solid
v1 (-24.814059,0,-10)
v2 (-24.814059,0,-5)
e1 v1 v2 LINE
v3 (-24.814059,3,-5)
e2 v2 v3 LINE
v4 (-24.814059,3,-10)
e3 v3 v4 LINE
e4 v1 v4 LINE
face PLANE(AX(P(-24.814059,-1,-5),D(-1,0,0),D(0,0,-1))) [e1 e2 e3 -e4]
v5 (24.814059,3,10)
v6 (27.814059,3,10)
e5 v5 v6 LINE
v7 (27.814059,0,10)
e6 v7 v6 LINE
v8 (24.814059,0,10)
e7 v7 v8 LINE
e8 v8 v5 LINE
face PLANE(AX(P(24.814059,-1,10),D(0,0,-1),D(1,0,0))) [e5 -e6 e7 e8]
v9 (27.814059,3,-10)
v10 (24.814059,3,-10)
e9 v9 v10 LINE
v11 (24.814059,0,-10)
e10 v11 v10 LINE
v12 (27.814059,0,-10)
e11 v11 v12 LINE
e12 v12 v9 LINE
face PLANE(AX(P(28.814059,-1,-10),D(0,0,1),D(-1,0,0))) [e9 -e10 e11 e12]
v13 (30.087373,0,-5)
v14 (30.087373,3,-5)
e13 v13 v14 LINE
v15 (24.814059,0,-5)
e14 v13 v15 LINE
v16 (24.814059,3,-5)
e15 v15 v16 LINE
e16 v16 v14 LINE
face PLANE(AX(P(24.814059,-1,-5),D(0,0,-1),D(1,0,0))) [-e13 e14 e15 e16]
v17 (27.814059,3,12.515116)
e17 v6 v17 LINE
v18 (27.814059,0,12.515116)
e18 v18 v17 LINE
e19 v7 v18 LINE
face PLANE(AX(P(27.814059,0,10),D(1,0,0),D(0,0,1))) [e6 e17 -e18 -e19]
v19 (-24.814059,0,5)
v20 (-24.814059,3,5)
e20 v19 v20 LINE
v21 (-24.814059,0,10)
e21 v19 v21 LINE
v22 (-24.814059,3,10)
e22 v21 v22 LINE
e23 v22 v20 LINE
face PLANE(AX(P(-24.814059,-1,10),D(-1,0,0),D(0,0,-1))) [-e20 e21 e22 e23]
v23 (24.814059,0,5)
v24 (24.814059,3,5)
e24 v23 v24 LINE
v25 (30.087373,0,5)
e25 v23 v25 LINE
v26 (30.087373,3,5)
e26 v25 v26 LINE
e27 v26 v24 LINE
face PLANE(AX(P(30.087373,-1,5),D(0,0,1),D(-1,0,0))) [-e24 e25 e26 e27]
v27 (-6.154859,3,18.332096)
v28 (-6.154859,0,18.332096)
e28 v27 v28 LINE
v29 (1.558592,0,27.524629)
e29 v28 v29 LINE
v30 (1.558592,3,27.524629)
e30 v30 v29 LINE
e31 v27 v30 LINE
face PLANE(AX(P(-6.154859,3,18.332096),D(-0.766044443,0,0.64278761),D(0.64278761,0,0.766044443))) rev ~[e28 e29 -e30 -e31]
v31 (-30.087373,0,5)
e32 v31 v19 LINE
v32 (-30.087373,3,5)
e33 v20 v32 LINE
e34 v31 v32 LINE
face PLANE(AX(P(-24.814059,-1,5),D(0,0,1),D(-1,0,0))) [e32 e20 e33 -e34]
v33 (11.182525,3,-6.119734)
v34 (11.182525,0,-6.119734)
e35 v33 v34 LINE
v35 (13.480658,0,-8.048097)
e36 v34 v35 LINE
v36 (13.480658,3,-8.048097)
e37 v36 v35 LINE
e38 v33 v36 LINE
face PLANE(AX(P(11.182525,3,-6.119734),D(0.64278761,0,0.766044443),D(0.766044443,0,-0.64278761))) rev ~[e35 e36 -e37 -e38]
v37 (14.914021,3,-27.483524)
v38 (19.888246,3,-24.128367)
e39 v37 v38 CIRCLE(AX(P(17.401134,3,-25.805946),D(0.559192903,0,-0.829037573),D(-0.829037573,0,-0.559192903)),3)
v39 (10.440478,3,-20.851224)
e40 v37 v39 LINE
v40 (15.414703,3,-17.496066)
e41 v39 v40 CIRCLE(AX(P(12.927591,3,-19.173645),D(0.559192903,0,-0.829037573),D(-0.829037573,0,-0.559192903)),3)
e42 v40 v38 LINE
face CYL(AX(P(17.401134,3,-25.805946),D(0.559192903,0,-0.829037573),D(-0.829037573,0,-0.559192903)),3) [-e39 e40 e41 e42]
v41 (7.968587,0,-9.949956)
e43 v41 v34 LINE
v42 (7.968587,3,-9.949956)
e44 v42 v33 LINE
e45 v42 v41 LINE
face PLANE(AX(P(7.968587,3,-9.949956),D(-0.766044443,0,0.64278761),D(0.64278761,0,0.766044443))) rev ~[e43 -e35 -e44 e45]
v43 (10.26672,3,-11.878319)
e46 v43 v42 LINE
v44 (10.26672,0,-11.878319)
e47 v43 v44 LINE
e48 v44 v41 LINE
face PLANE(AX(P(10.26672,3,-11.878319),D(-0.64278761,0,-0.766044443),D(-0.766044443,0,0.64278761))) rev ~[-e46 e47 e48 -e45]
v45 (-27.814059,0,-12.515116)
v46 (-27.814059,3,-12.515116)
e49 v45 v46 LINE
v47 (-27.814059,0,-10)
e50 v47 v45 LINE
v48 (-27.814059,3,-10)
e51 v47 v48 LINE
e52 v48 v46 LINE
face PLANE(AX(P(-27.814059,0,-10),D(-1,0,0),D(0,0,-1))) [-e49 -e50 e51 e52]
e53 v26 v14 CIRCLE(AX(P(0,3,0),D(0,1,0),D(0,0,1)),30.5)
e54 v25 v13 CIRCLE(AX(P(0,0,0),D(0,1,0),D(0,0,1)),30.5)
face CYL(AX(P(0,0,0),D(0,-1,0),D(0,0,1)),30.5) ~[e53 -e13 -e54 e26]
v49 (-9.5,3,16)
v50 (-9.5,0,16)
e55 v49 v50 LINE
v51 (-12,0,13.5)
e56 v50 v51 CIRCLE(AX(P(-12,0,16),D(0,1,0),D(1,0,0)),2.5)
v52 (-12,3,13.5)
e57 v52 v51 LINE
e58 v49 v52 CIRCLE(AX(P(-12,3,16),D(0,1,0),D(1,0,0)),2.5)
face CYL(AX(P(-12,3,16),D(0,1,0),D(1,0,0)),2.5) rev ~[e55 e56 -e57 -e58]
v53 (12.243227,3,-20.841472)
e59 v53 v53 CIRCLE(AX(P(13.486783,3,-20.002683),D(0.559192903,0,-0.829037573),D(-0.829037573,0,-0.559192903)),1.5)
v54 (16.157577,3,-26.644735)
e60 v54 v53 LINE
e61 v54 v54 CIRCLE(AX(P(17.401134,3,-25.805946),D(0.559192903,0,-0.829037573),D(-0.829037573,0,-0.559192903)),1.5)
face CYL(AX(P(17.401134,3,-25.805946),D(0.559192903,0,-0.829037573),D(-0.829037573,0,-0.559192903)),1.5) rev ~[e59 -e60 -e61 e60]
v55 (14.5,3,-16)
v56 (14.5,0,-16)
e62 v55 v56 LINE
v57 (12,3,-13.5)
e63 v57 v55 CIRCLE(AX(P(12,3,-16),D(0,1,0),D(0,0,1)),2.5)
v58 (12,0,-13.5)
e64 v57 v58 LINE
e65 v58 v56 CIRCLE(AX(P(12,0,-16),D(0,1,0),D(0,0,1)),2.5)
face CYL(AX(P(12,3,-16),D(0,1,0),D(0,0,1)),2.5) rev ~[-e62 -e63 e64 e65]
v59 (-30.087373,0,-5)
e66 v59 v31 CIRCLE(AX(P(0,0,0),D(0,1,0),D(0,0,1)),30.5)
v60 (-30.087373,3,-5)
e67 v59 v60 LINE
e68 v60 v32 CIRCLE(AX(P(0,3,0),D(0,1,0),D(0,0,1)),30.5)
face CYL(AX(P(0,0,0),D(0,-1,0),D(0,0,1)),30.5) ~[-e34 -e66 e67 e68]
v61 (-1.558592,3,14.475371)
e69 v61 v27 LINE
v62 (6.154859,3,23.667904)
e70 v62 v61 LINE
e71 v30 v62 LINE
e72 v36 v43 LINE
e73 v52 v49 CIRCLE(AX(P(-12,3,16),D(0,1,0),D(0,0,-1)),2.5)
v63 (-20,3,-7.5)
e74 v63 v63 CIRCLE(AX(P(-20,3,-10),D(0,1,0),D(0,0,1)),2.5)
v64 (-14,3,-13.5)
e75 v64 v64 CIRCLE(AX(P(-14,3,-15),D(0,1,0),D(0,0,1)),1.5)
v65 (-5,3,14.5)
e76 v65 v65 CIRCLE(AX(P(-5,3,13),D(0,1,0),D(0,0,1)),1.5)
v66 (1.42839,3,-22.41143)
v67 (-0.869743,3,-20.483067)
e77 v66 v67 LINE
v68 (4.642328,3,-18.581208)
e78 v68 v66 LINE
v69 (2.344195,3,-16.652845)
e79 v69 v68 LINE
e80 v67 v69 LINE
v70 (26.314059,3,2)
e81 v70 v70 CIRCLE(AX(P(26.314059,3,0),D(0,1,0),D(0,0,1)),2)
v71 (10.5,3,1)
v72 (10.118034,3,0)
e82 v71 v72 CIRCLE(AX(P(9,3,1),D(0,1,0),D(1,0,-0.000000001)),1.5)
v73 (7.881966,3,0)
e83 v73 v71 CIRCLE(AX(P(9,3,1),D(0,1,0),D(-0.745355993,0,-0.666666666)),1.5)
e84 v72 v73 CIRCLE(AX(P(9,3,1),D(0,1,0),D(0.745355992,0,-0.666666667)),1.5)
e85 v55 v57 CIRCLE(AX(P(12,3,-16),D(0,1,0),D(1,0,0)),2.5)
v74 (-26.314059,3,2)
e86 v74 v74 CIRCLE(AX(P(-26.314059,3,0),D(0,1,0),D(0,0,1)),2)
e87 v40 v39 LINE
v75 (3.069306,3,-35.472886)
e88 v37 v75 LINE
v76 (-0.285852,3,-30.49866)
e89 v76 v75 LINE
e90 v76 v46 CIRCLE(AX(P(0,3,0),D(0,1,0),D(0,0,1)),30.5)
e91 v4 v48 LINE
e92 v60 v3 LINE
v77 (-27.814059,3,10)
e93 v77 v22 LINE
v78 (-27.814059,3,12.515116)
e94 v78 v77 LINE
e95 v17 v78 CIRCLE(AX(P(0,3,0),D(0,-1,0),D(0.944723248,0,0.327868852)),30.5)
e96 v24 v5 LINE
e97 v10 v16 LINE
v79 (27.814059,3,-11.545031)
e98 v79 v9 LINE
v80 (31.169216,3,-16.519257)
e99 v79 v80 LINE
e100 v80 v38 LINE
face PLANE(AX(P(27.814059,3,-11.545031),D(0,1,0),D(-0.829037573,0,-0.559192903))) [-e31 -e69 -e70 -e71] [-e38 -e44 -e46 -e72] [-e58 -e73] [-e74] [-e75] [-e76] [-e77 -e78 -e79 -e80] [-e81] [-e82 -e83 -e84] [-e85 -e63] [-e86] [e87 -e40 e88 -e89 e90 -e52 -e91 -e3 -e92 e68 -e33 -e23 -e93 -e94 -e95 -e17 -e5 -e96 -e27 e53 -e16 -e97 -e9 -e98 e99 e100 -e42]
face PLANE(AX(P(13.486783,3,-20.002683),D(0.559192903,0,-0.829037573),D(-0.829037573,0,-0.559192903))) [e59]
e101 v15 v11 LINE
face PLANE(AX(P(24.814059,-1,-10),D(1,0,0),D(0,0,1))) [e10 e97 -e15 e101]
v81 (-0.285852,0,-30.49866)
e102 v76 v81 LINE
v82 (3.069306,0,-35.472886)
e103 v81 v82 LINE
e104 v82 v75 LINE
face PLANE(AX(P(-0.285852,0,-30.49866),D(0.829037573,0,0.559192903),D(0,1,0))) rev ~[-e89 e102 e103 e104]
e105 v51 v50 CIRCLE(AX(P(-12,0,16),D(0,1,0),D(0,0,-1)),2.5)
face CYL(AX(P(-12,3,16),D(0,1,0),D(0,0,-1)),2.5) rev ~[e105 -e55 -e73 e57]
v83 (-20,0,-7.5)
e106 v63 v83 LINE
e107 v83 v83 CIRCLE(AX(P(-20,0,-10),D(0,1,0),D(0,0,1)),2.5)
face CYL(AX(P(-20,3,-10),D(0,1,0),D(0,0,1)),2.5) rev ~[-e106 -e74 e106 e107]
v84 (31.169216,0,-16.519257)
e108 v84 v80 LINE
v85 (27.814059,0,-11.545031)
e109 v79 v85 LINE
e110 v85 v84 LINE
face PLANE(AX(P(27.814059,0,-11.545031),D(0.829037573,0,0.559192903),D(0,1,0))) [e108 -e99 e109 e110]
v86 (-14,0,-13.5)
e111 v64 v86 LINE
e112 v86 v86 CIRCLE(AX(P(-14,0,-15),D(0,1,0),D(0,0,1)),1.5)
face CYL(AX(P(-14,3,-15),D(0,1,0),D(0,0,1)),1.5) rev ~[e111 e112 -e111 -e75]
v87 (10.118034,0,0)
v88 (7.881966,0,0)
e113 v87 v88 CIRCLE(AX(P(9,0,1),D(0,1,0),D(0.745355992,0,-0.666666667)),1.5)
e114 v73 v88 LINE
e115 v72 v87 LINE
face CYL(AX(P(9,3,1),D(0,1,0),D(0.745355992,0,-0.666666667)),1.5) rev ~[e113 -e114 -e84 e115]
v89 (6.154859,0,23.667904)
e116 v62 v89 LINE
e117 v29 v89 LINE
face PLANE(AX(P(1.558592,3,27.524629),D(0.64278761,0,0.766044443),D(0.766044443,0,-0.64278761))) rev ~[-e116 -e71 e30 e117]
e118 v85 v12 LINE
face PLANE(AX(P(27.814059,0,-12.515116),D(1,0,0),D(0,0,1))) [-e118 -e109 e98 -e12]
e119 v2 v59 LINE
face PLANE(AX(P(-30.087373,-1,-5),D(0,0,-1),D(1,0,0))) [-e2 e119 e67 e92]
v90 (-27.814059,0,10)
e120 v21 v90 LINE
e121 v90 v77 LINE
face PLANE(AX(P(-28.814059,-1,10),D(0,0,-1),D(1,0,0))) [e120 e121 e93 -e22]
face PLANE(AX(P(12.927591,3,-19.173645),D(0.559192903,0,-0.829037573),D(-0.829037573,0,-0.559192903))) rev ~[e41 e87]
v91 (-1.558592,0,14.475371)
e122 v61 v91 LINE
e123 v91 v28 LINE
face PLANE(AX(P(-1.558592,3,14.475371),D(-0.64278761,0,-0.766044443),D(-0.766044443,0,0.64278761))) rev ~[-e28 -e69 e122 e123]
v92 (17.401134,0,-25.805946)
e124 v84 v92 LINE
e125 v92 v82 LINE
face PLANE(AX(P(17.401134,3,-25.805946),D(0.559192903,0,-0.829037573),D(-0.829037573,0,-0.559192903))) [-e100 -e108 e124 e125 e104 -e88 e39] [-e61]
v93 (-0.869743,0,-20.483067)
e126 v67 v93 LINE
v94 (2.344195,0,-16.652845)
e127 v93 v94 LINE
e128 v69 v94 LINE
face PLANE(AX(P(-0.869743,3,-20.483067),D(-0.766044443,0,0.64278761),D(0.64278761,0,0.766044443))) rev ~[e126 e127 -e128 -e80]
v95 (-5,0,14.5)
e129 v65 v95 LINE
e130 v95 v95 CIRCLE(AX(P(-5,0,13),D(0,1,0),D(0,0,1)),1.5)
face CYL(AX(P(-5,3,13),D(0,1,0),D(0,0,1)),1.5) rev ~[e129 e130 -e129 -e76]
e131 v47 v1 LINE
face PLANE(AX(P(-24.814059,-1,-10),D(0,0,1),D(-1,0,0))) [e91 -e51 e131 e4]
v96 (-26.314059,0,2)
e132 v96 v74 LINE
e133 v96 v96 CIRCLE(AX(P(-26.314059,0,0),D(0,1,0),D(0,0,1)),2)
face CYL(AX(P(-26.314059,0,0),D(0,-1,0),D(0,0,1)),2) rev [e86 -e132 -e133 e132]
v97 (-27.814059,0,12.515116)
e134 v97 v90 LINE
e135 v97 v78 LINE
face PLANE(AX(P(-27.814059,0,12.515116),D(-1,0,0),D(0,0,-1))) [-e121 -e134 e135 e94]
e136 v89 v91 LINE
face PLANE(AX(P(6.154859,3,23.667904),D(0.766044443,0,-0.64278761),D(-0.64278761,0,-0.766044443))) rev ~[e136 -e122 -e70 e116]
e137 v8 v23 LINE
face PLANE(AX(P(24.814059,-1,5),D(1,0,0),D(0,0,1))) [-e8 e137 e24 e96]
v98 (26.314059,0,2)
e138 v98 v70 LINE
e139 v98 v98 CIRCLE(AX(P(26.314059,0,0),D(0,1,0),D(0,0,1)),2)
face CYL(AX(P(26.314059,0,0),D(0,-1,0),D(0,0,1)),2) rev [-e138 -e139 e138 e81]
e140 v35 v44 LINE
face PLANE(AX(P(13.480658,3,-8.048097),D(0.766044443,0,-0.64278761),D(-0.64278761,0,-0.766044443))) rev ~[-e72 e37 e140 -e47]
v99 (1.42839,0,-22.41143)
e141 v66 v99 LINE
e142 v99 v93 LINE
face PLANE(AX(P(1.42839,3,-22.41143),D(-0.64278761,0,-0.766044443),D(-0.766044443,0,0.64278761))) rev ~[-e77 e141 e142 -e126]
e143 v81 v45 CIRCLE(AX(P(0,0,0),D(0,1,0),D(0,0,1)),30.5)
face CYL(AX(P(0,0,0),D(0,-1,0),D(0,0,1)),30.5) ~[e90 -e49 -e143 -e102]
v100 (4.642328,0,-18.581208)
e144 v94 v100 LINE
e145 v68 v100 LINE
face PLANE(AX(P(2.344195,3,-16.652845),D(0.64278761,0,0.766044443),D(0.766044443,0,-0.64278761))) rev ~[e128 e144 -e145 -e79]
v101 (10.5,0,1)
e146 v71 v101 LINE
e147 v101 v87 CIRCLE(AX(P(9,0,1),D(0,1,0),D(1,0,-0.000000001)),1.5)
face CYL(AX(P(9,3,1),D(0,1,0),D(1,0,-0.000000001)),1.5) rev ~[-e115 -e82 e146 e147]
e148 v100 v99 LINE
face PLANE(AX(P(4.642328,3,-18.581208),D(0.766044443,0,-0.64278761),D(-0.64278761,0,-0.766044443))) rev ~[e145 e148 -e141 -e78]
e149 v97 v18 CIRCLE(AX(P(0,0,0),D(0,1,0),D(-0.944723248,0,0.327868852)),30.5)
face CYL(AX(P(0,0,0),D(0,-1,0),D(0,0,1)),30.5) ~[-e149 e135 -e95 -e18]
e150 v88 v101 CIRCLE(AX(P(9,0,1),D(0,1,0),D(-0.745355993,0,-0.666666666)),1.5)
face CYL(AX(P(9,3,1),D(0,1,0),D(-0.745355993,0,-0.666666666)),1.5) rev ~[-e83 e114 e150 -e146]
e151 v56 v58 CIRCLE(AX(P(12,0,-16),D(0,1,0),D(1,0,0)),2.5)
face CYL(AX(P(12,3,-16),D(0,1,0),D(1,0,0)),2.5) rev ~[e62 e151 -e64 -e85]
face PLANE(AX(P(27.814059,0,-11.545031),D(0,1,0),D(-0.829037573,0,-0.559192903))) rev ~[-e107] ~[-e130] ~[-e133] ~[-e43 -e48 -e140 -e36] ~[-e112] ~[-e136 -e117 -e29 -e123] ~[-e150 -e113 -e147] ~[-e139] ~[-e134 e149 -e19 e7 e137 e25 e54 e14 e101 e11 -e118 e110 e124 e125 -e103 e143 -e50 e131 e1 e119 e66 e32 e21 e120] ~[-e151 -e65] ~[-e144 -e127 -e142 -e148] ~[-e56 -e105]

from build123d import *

# Parameters (mm, degrees)
CROQUIS1_R              = 30.5
SALIENTE_EXTRUIR1_DEPTH = 3
CORTAR_EXTRUIR3_START   = -4
CORTAR_EXTRUIR3_DEPTH   = 4
CORTAR_EXTRUIR5_DEPTH   = 4
CROQUIS8_R              = 1.5
CORTAR_EXTRUIR6_DEPTH   = 10
CORTAR_EXTRUIR8_START   = -3
CROQUIS10_R             = 2
CORTAR_EXTRUIR8_DEPTH   = 3
CROQUIS11_R             = 2.5
CORTAR_EXTRUIR9_DEPTH   = 3
CROQUIS13_W             = 33.894616986
CROQUIS13_H             = 3
SALIENTE_EXTRUIR2_DEPTH = 6
CROQUIS14_R             = 3
SALIENTE_EXTRUIR3_DEPTH = 8
CROQUIS17_R             = 1.5
CORTAR_EXTRUIR10_DEPTH  = 7


with BuildPart() as part:
    # Croquis1 → Saliente-Extruir1 (new body)
    with BuildSketch(Plane(origin=(0, 0, 0), x_dir=(1, 0, 0), z_dir=(0, 1, 0))):
        with Locations(Location((0, 0, 0), (0, 0, 270))):
            Circle(CROQUIS1_R)
    extrude(amount=SALIENTE_EXTRUIR1_DEPTH)

    # Croquis5 → Cortar-Extruir3 (cut)
    with BuildSketch(Plane(origin=(0, 3, 0), x_dir=(1, 0, 0), z_dir=(0, 1, 0)).offset(CORTAR_EXTRUIR3_START)):
        with BuildLine():
            Line((28.814059068, 5), (30.087372767, 5))
            ThreePointArc((30.087372767, 5), (29.556634924, 7.526973624), (28.814059068, 10))
            Line((28.814059068, 10), (24.814059068, 10))
            Line((24.814059068, 10), (24.814059068, 5))
            Line((24.814059068, 5), (28.814059068, 5))
        make_face()
        with BuildLine():
            Line((30.087372767, -5), (28.814059068, -5))
            Line((28.814059068, -5), (24.814059068, -5))
            Line((24.814059068, -5), (24.814059068, -10))
            Line((24.814059068, -10), (28.814059068, -10))
            ThreePointArc((28.814059068, -10), (29.556634924, -7.526973624), (30.087372767, -5))
        make_face()
        with BuildLine():
            Line((-24.814059068, 5), (-24.814059068, 10))
            Line((-24.814059068, 10), (-28.814059068, 10))
            ThreePointArc((-28.814059068, 10), (-29.556634924, 7.526973624), (-30.087372767, 5))
            Line((-30.087372767, 5), (-28.814059068, 5))
            Line((-28.814059068, 5), (-24.814059068, 5))
        make_face()
        with BuildLine():
            Line((-28.814059068, -10), (-24.814059068, -10))
            Line((-24.814059068, -10), (-24.814059068, -5))
            Line((-24.814059068, -5), (-28.814059068, -5))
            Line((-28.814059068, -5), (-30.087372767, -5))
            ThreePointArc((-30.087372767, -5), (-29.556634924, -7.526973624), (-28.814059068, -10))
        make_face()
    extrude(amount=CORTAR_EXTRUIR3_DEPTH, mode=Mode.SUBTRACT)

    # Croquis7 → Cortar-Extruir5 (cut)
    with BuildSketch(Plane(origin=(0, 3, 0), x_dir=(1, 0, 0), z_dir=(0, 1, 0))):
        Polygon((1.428390211, 22.411430151), (-0.869743118, 20.483067322), (2.34419493, 16.652845106), (4.642328259, 18.581207935), align=None)
        Polygon((10.266719844, 11.878319058), (7.968586515, 9.949956229), (9.575555539, 8.034845121), (11.182524563, 6.119734013), (13.480657893, 8.048096842), align=None)
    extrude(amount=-CORTAR_EXTRUIR5_DEPTH, mode=Mode.SUBTRACT)

    # Croquis8 → Cortar-Extruir6 (cut)
    with BuildSketch(Plane(origin=(0, 3, 0), x_dir=(1, 0, 0), z_dir=(0, 1, 0))):
        Polygon((-6.154858987, -18.33209617), (1.558592329, -27.524629488), (6.154858987, -23.66790383), (-1.558592329, -14.475370512), align=None)
        with BuildLine():
            ThreePointArc((-9.5, -16), (-10.232233047, -14.232233047), (-12, -13.5))
            ThreePointArc((-12, -13.5), (-13.767766953, -17.767766953), (-9.5, -16))
        make_face()
        with BuildLine():
            ThreePointArc((14.5, 16), (10.232233047, 17.767766953), (12, 13.5))
            ThreePointArc((12, 13.5), (13.767766953, 14.232233047), (14.5, 16))
        make_face()
        with Locations(Location((-14, 15, 0), (0, 0, 270))):
            Circle(CROQUIS8_R)
        with BuildLine():
            Line((10.118033989, 0), (7.881966011, 0))
            ThreePointArc((7.881966011, 0), (8.464766865, -2.401258538), (10.5, -1))
            ThreePointArc((10.5, -1), (10.401258538, -0.464766865), (10.118033989, 0))
        make_face()
        with BuildLine():
            ThreePointArc((10.118033989, 0), (9, 0.5), (7.881966011, 0))
            Line((7.881966011, 0), (10.118033989, 0))
        make_face()
        with Locations(Location((-5, -13, 0), (0, 0, 270))):
            Circle(CROQUIS8_R)
    extrude(amount=-CORTAR_EXTRUIR6_DEPTH, mode=Mode.SUBTRACT)

    # Croquis10 → Cortar-Extruir8 (cut)
    with BuildSketch(Plane(origin=(0, 3, 0), x_dir=(1, 0, 0), z_dir=(0, 1, 0)).offset(CORTAR_EXTRUIR8_START)):
        with BuildLine():
            Line((-27.814059068, -12.515115586), (-27.814059068, -10))
            Line((-27.814059068, -10), (-28.814059068, -10))
            ThreePointArc((-28.814059068, -10), (-28.341972277, -11.268655974), (-27.814059068, -12.515115586))
        make_face()
        with BuildLine():
            Line((-28.814059068, 10), (-27.814059068, 10))
            Line((-27.814059068, 10), (-27.814059068, 12.515115586))
            ThreePointArc((-27.814059068, 12.515115586), (-28.341972277, 11.268655974), (-28.814059068, 10))
        make_face()
        with BuildLine():
            Line((27.814059069, -10), (27.814059069, -12.515115586))
            ThreePointArc((27.814059069, -12.515115586), (28.341972277, -11.268655974), (28.814059068, -10))
            Line((28.814059068, -10), (27.814059069, -10))
        make_face()
        with BuildLine():
            ThreePointArc((28.814059069, 10), (28.341972277, 11.268655974), (27.814059069, 12.515115586))
            Line((27.814059069, 12.515115586), (27.814059069, 10))
            Line((27.814059069, 10), (28.814059069, 10))
        make_face()
        with Locations(Location((-26.314059068, 0, 0), (0, 0, 270))):
            Circle(CROQUIS10_R)
        with Locations(Location((26.314059069, 0, 0), (0, 0, 270))):
            Circle(CROQUIS10_R)
    extrude(amount=CORTAR_EXTRUIR8_DEPTH, mode=Mode.SUBTRACT)

    # Croquis11 → Cortar-Extruir9 (cut)
    with BuildSketch(Plane(origin=(0, 3, 0), x_dir=(1, 0, 0), z_dir=(0, 1, 0))):
        with BuildLine():
            Line((-1.702166058, 31.453976389), (29.801261699, 10.204646058))
            ThreePointArc((29.801261699, 10.204646058), (17.614576459, 26.114683535), (-1.702166058, 31.453976389))
        make_face()
        with Locations(Location((-20, 10, 0), (0, 0, 270))):
            Circle(CROQUIS11_R)
    extrude(amount=-CORTAR_EXTRUIR9_DEPTH, mode=Mode.SUBTRACT)

    # Croquis13 → Saliente-Extruir2 (add)
    with BuildSketch(Plane(origin=(14.04954782, 0, -20.829311224), x_dir=(-0.8290375725550413, 0, -0.5591929034707476), z_dir=(0.5591929034707475, 0, -0.8290375725550412))):
        with Locations((0.344307973, 1.5)):
            Rectangle(CROQUIS13_W, CROQUIS13_H)
    extrude(amount=SALIENTE_EXTRUIR2_DEPTH)

    # Croquis14 → Saliente-Extruir3 (add)
    with BuildSketch(Plane(origin=(17.404705241, 0, -25.803536659), x_dir=(-0.8290375725550413, 0, -0.5591929034707476), z_dir=(0.5591929034707476, 0, -0.8290375725550413))):
        with Locations((0.004307973, 3)):
            Circle(CROQUIS14_R)
    extrude(amount=-SALIENTE_EXTRUIR3_DEPTH)

    # Croquis17 → Cortar-Extruir10 (cut)
    with BuildSketch(Plane(origin=(17.404705241, 0, -25.803536659), x_dir=(-0.8290375725550413, 0, -0.5591929034707476), z_dir=(0.5591929034707476, 0, -0.8290375725550413))):
        with Locations((0.004307973, 3)):
            Circle(CROQUIS17_R)
    extrude(amount=-CORTAR_EXTRUIR10_DEPTH, mode=Mode.SUBTRACT)


solid = part.part
